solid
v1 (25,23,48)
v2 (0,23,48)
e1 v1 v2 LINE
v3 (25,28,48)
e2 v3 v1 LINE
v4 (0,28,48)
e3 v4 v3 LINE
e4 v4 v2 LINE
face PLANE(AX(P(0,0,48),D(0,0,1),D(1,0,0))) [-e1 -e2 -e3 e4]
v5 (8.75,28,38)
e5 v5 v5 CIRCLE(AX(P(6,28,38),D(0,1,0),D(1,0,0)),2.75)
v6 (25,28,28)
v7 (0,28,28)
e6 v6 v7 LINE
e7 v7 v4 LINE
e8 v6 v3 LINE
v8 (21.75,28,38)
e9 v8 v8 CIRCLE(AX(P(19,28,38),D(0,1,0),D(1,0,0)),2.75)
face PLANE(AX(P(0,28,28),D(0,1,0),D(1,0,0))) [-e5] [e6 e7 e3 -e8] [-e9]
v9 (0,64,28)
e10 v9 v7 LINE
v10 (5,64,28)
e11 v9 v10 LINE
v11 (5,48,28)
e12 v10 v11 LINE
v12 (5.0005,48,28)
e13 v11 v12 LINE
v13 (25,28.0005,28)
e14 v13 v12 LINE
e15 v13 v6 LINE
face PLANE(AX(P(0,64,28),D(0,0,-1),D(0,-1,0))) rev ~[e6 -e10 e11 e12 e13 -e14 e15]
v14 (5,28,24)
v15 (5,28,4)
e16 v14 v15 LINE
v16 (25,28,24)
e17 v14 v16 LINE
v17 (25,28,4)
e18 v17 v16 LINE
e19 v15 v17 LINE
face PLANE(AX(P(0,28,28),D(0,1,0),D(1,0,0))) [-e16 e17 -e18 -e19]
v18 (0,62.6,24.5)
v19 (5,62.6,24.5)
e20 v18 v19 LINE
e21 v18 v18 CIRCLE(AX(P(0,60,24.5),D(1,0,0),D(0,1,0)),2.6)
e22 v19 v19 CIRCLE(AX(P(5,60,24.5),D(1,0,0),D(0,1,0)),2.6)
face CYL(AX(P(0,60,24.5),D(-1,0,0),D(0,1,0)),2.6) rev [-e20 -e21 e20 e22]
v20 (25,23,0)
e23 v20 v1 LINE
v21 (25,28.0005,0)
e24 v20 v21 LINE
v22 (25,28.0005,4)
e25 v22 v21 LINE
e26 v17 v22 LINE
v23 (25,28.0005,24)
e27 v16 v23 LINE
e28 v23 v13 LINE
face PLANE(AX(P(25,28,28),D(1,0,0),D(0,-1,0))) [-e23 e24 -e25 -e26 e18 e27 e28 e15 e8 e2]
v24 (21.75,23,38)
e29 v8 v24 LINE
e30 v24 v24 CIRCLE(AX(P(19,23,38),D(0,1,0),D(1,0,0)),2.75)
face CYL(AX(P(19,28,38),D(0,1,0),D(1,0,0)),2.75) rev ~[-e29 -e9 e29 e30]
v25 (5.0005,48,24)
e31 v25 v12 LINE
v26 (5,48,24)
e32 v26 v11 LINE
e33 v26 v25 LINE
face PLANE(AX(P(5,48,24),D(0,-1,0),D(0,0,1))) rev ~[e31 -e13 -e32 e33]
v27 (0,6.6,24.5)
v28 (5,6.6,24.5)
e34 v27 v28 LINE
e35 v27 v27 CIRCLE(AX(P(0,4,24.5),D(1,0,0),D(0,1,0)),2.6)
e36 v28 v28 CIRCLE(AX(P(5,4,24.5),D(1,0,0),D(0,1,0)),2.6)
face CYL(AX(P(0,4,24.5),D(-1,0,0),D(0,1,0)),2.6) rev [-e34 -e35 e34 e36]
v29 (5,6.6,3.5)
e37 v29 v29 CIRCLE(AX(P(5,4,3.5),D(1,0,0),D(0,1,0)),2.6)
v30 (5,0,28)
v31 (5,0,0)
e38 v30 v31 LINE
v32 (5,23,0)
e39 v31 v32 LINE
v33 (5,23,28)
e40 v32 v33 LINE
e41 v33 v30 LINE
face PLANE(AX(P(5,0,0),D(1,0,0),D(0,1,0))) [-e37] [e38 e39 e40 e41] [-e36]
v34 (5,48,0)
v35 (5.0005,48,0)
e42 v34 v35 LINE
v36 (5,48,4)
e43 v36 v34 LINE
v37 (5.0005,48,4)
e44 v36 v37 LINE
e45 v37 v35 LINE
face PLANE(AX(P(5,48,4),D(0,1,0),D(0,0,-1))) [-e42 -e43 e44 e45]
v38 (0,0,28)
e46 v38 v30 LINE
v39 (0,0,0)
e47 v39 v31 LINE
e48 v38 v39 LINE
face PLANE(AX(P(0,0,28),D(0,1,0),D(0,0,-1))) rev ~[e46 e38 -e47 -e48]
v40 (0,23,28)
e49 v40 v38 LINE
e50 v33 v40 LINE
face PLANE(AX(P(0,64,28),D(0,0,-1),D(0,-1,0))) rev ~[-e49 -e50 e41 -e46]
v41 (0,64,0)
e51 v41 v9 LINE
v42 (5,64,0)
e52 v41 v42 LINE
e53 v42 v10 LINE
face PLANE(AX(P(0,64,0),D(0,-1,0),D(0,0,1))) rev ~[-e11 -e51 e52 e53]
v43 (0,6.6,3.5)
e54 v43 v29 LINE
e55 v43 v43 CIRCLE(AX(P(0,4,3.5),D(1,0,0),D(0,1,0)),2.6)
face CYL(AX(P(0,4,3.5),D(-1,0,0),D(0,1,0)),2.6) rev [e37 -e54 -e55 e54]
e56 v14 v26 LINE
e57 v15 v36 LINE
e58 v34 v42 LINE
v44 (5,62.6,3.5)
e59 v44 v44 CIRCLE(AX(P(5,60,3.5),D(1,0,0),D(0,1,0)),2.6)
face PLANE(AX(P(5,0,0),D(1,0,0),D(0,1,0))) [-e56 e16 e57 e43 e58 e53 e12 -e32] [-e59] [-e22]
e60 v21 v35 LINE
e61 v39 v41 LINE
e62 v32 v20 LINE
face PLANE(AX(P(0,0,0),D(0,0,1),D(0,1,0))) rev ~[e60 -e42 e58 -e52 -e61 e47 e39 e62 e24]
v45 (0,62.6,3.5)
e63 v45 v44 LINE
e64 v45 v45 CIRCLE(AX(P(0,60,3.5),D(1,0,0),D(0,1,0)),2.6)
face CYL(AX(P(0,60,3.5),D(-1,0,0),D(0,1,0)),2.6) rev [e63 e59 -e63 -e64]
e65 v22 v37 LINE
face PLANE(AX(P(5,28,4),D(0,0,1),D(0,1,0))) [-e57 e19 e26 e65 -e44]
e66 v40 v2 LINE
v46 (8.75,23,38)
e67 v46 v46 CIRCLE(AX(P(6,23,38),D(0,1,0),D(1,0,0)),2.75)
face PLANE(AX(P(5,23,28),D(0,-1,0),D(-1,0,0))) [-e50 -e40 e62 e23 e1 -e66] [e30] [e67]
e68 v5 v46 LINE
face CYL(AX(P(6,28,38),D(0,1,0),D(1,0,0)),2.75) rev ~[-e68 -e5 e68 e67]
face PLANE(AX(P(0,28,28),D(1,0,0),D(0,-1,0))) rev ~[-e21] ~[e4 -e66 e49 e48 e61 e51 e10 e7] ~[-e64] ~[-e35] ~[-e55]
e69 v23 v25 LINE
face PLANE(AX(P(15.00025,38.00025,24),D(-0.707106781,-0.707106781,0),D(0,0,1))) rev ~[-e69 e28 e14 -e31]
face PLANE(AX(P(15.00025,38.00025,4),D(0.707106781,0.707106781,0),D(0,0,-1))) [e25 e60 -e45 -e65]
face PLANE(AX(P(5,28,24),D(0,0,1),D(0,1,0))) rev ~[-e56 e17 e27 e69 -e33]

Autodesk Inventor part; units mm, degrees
ref_plane "YZ Plane" through (0, 0, 0) normal (1, 0, 0) x (0, 1, 0)
ref_plane "XZ Plane" through (0, 0, 0) normal (0, 1, 0) x (-1, 0, 0)
ref_plane "XY Plane" through (0, 0, 0) normal (0, 0, 1) x (1, 0, 0)
sketch "Sketch1" plane through (0, 0, 0) normal (1, 0, 0) x (0, 1, 0)
  line L0 (0, 0) -> (64, 0)
  line L1 (64, 0) -> (64, 28)
  line L2 (64, 28) -> (0, 28)
  line L3 (0, 28) -> (0, 0)
  line L4 (60, 24.5) -> (4, 24.5) construction
  line L5 (4, 24.5) -> (4, 3.5) construction
  line L6 (4, 3.5) -> (60, 3.5) construction
  line L7 (60, 3.5) -> (60, 24.5) construction
  line L8 (60, 24.5) -> (64, 24.5) construction
  line L9 (60, 24.5) -> (60, 28) construction
  line L10 (4, 3.5) -> (0, 3.5) construction
  line L11 (4, 3.5) -> (4, 0) construction
  circle A0 centre (60, 24.5) radius 2.6
  circle A1 centre (60, 3.5) radius 2.6
  circle A2 centre (4, 3.5) radius 2.6
  circle A3 centre (4, 24.5) radius 2.6
  dimension "d0" = 64
  dimension "d1" = 28
  dimension "d2" = 56
  dimension "d3" = 21
  dimension "d4" = 5.2
  dimension "d5" = 5.2
  dimension "d6" = 5.2
  dimension "d7" = 5.2
extrude "Extrusion1" add sketch "Sketch1" along normal blind 5
sketch "Sketch2" plane through (5, 0, 0) normal (1, 0, 0) x (0, 0, -1)
  line L0 (0, 0) -> (0, 64) projected
  line L1 (-28, 64) -> (-28, 0) projected
  line L2 (0, 23) -> (-28, 23)
  line L3 (-28, 23) -> (-28, 28)
  line L4 (-28, 28) -> (0, 28)
  line L5 (0, 28) -> (0, 23)
  line L6 (0, 64) -> (-28, 64) projected
  point P0 (0, 28)
  dimension "d10" = 41
  dimension "d11" = 5
extrude "Extrusion2" add sketch "Sketch2" along normal blind 20 contours L2 L1 L4 L0
sketch "Sketch3" plane through (0, 0, 28) normal (0, 0, 1) x (1, 0, 0)
  line L0 (5, 23) -> (25, 23) projected
  line L1 (0, 64) -> (0, 0) projected
  line L2 (25, 23) -> (0, 23)
  line L3 (0, 23) -> (0, 28)
  line L4 (0, 28) -> (25, 28)
  line L5 (25, 28) -> (25, 23)
  dimension "d14" = 5
extrude "Extrusion3" add sketch "Sketch3" along normal blind 20
sketch "Sketch4" plane through (0, 28, 48) normal (0, 1, 0) x (1, 0, 0)
  line L0 (0, 20) -> (0, 0) construction
  line L1 (0, 10) -> (25, 10) construction
  line L2 (25, 20) -> (25, 0) construction
  circle A0 centre (6, 10) radius 2.75
  circle A1 centre (19, 10) radius 2.75
  point P0 (0, 48)
  dimension "d20" = 5.5
  dimension "d21" = 5.5
  dimension "d22" = 6
  dimension "d24" = 6
extrude "Extrusion4" cut sketch "Sketch4" against normal up to next
sketch "Sketch7" plane through (5, 0, 0) normal (1, 0, 0) x (0, 0, -1)
  line L0 (-28, 28) -> (0, 28) projected
  line L1 (0, 28) -> (-4, 28)
  line L2 (-4, 28) -> (-4, 48)
  line L3 (-4, 48) -> (0, 48)
  line L4 (0, 48) -> (0, 28)
  line L5 (-28, 64) -> (-28, 28) projected
  line L6 (-28, 28) -> (-24, 28)
  line L7 (-24, 28) -> (-24, 48)
  line L8 (-24, 48) -> (-28, 48)
  line L9 (-28, 48) -> (-28, 28)
  point P0 (0, 0)
  dimension "d27" = 4
  dimension "d28" = 20
  dimension "d29" = 4
extrude "Extrusion5" add sketch "Sketch7" along normal blind 20
chamfer "Chamfer2" distance 20 angle 45 2 edges at (25, 48, 2) (25, 48, 26)
equation "\"d5\" = d4"
equation "\"d6\" = d4"
equation "\"d7\" = d4"
equation "\"d24\" = d22"
properties part number "X Axis Limit Switch Bracket"
